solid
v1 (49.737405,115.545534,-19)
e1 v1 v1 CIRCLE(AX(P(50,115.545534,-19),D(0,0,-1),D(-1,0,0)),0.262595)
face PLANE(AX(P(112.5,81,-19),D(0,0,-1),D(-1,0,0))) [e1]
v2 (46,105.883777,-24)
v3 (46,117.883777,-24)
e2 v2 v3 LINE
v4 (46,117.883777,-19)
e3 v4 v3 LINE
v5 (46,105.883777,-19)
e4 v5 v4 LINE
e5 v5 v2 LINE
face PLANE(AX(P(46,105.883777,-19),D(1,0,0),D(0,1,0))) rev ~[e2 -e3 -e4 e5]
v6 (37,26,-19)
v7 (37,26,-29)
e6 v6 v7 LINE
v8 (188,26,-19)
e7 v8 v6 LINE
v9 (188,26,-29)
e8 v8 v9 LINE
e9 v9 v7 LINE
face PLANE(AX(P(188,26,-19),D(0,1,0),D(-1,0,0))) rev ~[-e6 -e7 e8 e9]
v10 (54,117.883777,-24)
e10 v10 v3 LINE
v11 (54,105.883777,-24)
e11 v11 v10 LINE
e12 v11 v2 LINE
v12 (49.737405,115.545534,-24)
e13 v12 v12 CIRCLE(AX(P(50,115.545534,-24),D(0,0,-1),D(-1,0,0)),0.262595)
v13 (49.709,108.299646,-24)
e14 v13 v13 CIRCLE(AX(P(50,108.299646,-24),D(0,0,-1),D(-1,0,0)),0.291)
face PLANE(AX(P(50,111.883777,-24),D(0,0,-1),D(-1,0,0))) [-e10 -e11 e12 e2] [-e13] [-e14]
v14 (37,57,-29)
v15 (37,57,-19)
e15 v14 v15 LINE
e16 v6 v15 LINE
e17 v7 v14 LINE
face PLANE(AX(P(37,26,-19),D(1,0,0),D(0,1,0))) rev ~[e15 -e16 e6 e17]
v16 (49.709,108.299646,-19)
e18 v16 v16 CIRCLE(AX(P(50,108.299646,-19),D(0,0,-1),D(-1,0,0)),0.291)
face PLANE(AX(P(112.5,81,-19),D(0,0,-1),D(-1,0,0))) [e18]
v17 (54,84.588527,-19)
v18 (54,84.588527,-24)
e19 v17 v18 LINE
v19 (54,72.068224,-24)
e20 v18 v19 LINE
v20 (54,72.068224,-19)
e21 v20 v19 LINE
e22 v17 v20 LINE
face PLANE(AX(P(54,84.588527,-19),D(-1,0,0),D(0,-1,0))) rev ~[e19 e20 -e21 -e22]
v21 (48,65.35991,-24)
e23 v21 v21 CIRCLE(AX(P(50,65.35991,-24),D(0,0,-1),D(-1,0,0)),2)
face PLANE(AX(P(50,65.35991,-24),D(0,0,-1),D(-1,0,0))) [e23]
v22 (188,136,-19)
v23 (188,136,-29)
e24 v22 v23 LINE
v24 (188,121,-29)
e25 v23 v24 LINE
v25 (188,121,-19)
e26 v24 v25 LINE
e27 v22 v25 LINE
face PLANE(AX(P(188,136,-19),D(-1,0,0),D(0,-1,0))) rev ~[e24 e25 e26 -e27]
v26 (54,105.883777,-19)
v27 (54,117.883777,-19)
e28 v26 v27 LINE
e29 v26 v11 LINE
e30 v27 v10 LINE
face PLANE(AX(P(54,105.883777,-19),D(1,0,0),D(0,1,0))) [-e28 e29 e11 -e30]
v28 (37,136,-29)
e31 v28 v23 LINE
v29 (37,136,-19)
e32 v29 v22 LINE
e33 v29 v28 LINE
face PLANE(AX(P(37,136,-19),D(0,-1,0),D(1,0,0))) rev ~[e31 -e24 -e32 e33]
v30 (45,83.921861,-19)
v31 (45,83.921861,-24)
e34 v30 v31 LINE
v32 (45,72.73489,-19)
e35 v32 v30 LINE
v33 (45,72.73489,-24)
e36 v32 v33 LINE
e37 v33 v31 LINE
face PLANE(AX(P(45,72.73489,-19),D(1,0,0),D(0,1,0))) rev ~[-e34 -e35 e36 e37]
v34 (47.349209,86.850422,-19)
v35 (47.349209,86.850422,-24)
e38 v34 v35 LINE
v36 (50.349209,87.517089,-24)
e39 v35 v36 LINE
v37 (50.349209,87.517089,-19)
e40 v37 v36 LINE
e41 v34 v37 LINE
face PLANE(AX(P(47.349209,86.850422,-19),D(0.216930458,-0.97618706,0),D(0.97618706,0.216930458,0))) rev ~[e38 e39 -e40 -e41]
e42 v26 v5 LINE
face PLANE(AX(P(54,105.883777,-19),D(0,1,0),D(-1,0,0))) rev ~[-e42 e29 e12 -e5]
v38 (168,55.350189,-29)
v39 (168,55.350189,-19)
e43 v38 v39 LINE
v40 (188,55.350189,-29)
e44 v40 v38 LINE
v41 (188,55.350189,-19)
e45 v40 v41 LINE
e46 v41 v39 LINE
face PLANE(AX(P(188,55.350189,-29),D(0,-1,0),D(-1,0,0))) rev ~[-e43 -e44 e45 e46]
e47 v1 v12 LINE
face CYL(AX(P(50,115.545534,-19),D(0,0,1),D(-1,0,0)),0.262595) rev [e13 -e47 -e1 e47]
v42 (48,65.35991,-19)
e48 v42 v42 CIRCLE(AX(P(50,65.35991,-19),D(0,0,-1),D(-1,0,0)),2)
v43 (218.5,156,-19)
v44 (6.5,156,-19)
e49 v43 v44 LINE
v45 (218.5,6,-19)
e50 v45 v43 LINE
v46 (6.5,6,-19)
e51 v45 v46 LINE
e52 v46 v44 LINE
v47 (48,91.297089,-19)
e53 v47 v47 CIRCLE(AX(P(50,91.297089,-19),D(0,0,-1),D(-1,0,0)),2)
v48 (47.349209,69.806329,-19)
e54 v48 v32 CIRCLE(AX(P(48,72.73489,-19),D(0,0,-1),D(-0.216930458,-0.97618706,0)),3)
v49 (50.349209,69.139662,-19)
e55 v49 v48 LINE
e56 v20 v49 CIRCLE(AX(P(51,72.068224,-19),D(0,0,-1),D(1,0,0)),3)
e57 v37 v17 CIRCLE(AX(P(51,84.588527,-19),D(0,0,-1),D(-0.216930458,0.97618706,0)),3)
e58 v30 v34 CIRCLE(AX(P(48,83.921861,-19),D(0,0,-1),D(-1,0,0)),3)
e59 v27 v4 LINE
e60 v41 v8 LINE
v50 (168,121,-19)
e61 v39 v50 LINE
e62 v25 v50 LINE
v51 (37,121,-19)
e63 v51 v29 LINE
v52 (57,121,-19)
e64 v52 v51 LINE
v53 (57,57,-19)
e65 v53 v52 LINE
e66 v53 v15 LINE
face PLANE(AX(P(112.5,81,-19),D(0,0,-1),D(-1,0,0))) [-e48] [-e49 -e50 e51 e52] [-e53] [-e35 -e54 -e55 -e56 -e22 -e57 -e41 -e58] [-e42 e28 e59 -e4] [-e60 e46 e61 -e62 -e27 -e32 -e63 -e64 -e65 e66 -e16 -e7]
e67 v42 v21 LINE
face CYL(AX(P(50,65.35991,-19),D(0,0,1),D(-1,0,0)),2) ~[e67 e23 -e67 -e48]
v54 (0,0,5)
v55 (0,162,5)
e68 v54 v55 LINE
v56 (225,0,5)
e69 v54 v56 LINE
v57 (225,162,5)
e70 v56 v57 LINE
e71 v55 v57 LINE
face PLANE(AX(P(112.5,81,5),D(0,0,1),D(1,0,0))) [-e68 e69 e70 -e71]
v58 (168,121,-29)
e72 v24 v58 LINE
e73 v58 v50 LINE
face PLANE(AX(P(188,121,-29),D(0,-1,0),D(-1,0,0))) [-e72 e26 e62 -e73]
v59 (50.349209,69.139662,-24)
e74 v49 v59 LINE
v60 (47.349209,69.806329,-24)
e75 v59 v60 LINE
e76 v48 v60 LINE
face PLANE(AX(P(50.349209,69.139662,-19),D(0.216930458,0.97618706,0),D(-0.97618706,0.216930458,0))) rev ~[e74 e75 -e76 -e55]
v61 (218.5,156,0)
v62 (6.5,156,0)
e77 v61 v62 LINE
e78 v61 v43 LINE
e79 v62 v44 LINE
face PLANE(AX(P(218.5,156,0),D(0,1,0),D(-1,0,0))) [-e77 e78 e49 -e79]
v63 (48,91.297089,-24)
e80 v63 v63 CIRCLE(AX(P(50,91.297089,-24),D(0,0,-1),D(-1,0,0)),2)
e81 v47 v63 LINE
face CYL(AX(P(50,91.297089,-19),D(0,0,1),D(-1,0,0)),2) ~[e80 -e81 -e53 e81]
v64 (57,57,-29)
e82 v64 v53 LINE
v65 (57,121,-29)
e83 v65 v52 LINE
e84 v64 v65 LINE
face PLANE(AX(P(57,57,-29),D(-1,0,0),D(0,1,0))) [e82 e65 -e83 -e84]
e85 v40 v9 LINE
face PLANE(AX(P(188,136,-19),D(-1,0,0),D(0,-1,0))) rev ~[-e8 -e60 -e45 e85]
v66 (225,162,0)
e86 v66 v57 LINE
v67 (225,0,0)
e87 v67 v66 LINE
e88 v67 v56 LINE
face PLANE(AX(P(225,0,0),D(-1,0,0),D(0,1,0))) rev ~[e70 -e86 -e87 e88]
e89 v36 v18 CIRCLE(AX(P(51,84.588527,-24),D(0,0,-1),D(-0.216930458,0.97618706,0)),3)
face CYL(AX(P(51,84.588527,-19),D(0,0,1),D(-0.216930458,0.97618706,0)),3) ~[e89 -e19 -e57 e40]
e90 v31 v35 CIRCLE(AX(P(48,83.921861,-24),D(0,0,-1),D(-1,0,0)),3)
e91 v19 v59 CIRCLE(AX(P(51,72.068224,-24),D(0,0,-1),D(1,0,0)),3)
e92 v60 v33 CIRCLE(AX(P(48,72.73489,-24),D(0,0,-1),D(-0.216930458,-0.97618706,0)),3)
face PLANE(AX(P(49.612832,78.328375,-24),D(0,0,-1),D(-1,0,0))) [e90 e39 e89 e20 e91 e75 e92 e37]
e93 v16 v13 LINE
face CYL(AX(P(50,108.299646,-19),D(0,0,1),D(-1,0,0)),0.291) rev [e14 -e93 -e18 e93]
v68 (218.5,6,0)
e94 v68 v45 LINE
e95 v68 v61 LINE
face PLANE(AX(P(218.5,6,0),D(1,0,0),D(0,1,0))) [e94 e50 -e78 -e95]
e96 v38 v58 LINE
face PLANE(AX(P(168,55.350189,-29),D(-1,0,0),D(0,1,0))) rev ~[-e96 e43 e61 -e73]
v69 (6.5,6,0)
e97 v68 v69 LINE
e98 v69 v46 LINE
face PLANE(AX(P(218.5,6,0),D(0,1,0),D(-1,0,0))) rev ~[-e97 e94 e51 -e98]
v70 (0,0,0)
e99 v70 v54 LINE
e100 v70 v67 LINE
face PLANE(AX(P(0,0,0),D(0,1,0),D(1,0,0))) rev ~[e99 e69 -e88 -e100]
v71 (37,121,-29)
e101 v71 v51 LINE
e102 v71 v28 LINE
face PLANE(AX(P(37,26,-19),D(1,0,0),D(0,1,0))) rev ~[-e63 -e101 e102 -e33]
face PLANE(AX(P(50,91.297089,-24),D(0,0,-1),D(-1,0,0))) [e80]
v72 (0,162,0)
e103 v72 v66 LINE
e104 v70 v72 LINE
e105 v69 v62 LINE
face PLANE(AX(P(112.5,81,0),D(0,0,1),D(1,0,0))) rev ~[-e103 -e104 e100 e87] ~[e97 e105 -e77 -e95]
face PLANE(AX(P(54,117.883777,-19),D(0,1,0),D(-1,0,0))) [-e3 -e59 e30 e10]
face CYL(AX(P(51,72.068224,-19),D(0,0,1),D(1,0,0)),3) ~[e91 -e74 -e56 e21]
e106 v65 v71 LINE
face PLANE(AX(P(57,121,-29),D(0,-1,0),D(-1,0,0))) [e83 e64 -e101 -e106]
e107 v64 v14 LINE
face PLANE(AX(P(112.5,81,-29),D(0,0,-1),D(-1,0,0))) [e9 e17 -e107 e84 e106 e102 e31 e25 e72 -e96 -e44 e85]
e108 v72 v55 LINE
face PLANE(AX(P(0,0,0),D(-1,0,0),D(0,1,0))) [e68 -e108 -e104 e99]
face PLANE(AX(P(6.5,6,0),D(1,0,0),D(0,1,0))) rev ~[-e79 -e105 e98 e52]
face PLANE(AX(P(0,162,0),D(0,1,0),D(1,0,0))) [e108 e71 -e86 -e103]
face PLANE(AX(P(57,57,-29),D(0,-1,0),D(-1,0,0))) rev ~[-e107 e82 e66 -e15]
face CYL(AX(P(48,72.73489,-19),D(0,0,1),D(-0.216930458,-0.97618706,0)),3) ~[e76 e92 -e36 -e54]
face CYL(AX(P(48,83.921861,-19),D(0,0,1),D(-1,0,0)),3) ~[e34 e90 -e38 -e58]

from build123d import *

# Parameters (mm, degrees)
SKETCH_1_W          = 225
SKETCH_1_H          = 162
EXTRUDE_1_DEPTH     = 5
SKETCH_3_W          = 212
SKETCH_3_H          = 150
EXTRUDE_2_DEPTH     = 19
EXTRUDE_3_DEPTH     = 10
SKETCH_5_W          = 20
SKETCH_5_H          = 65.649810637
SKETCH_5_H_2        = 64
CUT_EXTRUDE_1_DEPTH = 10
SKETCH_7_R          = 2
SKETCH_7_W          = 8
SKETCH_7_H          = 12
SKETCH_7_R_2        = 0.262594618
SKETCH_7_R_3        = 0.290999542
EXTRUDE_4_DEPTH     = 5


with BuildPart() as part:
    # 草图1 → 凸台-拉伸1 (new body)
    with BuildSketch(Plane.XY):
        with Locations((112.5, 81)):
            Rectangle(SKETCH_1_W, SKETCH_1_H)
    extrude(amount=EXTRUDE_1_DEPTH)

    # 草图3 → 凸台-拉伸2 (add)
    with BuildSketch(Plane(origin=(0, 0, 0), x_dir=(-1, 0, 0), z_dir=(0, 0, -1))):
        with Locations((-112.5, 81)):
            Rectangle(SKETCH_3_W, SKETCH_3_H)
    extrude(amount=EXTRUDE_2_DEPTH)

    # 草图4 → 凸台-拉伸3 (add)
    with BuildSketch(Plane(origin=(0, 0, -19), x_dir=(-1, 0, 0), z_dir=(0, 0, -1))):
        Polygon((-112.5, 136), (-188, 136), (-188, 26), (-37, 26), (-37, 136), align=None)
    extrude(amount=EXTRUDE_3_DEPTH)

    # 草图5 → 切除-拉伸1 (cut)
    with BuildSketch(Plane(origin=(0, 0, -29), x_dir=(-1, 0, 0), z_dir=(0, 0, -1))):
        with Locations((-178, 88.175094682)):
            Rectangle(SKETCH_5_W, SKETCH_5_H)
        with Locations((-47, 89)):
            Rectangle(SKETCH_5_W, SKETCH_5_H_2)
    extrude(amount=-CUT_EXTRUDE_1_DEPTH, mode=Mode.SUBTRACT)

    # 草图7 → 凸台-拉伸4 (add)
    with BuildSketch(Plane(origin=(0, 0, -19), x_dir=(-1, 0, 0), z_dir=(0, 0, -1))):
        with Locations((-50, 65.359909726)):
            Circle(SKETCH_7_R)
        with Locations((-50, 91.297088519)):
            Circle(SKETCH_7_R)
        with Locations((-50, 111.883776524)):
            Rectangle(SKETCH_7_W, SKETCH_7_H)
        with Locations((-50, 115.545534251)):
            Circle(SKETCH_7_R_2, mode=Mode.SUBTRACT)
        with Locations((-50, 108.299645663)):
            Circle(SKETCH_7_R_3, mode=Mode.SUBTRACT)
        with BuildLine():
            Line((-54, 84.588527339), (-54, 72.068223644))
            ThreePointArc((-54, 72.068223644), (-52.877182181, 69.728098207), (-50.349208627, 69.139662463))
            Line((-50.349208627, 69.139662463), (-47.349208627, 69.80632913))
            ThreePointArc((-47.349208627, 69.80632913), (-45.659874563, 70.85770813), (-45, 72.73489031))
            Line((-45, 72.73489031), (-45, 83.921860672))
            ThreePointArc((-45, 83.921860672), (-45.659874563, 85.799042853), (-47.349208627, 86.850421853))
            Line((-47.349208627, 86.850421853), (-50.349208627, 87.517088519))
            ThreePointArc((-50.349208627, 87.517088519), (-52.877182181, 86.928652776), (-54, 84.588527339))
        make_face()
    extrude(amount=EXTRUDE_4_DEPTH)


solid = part.part
